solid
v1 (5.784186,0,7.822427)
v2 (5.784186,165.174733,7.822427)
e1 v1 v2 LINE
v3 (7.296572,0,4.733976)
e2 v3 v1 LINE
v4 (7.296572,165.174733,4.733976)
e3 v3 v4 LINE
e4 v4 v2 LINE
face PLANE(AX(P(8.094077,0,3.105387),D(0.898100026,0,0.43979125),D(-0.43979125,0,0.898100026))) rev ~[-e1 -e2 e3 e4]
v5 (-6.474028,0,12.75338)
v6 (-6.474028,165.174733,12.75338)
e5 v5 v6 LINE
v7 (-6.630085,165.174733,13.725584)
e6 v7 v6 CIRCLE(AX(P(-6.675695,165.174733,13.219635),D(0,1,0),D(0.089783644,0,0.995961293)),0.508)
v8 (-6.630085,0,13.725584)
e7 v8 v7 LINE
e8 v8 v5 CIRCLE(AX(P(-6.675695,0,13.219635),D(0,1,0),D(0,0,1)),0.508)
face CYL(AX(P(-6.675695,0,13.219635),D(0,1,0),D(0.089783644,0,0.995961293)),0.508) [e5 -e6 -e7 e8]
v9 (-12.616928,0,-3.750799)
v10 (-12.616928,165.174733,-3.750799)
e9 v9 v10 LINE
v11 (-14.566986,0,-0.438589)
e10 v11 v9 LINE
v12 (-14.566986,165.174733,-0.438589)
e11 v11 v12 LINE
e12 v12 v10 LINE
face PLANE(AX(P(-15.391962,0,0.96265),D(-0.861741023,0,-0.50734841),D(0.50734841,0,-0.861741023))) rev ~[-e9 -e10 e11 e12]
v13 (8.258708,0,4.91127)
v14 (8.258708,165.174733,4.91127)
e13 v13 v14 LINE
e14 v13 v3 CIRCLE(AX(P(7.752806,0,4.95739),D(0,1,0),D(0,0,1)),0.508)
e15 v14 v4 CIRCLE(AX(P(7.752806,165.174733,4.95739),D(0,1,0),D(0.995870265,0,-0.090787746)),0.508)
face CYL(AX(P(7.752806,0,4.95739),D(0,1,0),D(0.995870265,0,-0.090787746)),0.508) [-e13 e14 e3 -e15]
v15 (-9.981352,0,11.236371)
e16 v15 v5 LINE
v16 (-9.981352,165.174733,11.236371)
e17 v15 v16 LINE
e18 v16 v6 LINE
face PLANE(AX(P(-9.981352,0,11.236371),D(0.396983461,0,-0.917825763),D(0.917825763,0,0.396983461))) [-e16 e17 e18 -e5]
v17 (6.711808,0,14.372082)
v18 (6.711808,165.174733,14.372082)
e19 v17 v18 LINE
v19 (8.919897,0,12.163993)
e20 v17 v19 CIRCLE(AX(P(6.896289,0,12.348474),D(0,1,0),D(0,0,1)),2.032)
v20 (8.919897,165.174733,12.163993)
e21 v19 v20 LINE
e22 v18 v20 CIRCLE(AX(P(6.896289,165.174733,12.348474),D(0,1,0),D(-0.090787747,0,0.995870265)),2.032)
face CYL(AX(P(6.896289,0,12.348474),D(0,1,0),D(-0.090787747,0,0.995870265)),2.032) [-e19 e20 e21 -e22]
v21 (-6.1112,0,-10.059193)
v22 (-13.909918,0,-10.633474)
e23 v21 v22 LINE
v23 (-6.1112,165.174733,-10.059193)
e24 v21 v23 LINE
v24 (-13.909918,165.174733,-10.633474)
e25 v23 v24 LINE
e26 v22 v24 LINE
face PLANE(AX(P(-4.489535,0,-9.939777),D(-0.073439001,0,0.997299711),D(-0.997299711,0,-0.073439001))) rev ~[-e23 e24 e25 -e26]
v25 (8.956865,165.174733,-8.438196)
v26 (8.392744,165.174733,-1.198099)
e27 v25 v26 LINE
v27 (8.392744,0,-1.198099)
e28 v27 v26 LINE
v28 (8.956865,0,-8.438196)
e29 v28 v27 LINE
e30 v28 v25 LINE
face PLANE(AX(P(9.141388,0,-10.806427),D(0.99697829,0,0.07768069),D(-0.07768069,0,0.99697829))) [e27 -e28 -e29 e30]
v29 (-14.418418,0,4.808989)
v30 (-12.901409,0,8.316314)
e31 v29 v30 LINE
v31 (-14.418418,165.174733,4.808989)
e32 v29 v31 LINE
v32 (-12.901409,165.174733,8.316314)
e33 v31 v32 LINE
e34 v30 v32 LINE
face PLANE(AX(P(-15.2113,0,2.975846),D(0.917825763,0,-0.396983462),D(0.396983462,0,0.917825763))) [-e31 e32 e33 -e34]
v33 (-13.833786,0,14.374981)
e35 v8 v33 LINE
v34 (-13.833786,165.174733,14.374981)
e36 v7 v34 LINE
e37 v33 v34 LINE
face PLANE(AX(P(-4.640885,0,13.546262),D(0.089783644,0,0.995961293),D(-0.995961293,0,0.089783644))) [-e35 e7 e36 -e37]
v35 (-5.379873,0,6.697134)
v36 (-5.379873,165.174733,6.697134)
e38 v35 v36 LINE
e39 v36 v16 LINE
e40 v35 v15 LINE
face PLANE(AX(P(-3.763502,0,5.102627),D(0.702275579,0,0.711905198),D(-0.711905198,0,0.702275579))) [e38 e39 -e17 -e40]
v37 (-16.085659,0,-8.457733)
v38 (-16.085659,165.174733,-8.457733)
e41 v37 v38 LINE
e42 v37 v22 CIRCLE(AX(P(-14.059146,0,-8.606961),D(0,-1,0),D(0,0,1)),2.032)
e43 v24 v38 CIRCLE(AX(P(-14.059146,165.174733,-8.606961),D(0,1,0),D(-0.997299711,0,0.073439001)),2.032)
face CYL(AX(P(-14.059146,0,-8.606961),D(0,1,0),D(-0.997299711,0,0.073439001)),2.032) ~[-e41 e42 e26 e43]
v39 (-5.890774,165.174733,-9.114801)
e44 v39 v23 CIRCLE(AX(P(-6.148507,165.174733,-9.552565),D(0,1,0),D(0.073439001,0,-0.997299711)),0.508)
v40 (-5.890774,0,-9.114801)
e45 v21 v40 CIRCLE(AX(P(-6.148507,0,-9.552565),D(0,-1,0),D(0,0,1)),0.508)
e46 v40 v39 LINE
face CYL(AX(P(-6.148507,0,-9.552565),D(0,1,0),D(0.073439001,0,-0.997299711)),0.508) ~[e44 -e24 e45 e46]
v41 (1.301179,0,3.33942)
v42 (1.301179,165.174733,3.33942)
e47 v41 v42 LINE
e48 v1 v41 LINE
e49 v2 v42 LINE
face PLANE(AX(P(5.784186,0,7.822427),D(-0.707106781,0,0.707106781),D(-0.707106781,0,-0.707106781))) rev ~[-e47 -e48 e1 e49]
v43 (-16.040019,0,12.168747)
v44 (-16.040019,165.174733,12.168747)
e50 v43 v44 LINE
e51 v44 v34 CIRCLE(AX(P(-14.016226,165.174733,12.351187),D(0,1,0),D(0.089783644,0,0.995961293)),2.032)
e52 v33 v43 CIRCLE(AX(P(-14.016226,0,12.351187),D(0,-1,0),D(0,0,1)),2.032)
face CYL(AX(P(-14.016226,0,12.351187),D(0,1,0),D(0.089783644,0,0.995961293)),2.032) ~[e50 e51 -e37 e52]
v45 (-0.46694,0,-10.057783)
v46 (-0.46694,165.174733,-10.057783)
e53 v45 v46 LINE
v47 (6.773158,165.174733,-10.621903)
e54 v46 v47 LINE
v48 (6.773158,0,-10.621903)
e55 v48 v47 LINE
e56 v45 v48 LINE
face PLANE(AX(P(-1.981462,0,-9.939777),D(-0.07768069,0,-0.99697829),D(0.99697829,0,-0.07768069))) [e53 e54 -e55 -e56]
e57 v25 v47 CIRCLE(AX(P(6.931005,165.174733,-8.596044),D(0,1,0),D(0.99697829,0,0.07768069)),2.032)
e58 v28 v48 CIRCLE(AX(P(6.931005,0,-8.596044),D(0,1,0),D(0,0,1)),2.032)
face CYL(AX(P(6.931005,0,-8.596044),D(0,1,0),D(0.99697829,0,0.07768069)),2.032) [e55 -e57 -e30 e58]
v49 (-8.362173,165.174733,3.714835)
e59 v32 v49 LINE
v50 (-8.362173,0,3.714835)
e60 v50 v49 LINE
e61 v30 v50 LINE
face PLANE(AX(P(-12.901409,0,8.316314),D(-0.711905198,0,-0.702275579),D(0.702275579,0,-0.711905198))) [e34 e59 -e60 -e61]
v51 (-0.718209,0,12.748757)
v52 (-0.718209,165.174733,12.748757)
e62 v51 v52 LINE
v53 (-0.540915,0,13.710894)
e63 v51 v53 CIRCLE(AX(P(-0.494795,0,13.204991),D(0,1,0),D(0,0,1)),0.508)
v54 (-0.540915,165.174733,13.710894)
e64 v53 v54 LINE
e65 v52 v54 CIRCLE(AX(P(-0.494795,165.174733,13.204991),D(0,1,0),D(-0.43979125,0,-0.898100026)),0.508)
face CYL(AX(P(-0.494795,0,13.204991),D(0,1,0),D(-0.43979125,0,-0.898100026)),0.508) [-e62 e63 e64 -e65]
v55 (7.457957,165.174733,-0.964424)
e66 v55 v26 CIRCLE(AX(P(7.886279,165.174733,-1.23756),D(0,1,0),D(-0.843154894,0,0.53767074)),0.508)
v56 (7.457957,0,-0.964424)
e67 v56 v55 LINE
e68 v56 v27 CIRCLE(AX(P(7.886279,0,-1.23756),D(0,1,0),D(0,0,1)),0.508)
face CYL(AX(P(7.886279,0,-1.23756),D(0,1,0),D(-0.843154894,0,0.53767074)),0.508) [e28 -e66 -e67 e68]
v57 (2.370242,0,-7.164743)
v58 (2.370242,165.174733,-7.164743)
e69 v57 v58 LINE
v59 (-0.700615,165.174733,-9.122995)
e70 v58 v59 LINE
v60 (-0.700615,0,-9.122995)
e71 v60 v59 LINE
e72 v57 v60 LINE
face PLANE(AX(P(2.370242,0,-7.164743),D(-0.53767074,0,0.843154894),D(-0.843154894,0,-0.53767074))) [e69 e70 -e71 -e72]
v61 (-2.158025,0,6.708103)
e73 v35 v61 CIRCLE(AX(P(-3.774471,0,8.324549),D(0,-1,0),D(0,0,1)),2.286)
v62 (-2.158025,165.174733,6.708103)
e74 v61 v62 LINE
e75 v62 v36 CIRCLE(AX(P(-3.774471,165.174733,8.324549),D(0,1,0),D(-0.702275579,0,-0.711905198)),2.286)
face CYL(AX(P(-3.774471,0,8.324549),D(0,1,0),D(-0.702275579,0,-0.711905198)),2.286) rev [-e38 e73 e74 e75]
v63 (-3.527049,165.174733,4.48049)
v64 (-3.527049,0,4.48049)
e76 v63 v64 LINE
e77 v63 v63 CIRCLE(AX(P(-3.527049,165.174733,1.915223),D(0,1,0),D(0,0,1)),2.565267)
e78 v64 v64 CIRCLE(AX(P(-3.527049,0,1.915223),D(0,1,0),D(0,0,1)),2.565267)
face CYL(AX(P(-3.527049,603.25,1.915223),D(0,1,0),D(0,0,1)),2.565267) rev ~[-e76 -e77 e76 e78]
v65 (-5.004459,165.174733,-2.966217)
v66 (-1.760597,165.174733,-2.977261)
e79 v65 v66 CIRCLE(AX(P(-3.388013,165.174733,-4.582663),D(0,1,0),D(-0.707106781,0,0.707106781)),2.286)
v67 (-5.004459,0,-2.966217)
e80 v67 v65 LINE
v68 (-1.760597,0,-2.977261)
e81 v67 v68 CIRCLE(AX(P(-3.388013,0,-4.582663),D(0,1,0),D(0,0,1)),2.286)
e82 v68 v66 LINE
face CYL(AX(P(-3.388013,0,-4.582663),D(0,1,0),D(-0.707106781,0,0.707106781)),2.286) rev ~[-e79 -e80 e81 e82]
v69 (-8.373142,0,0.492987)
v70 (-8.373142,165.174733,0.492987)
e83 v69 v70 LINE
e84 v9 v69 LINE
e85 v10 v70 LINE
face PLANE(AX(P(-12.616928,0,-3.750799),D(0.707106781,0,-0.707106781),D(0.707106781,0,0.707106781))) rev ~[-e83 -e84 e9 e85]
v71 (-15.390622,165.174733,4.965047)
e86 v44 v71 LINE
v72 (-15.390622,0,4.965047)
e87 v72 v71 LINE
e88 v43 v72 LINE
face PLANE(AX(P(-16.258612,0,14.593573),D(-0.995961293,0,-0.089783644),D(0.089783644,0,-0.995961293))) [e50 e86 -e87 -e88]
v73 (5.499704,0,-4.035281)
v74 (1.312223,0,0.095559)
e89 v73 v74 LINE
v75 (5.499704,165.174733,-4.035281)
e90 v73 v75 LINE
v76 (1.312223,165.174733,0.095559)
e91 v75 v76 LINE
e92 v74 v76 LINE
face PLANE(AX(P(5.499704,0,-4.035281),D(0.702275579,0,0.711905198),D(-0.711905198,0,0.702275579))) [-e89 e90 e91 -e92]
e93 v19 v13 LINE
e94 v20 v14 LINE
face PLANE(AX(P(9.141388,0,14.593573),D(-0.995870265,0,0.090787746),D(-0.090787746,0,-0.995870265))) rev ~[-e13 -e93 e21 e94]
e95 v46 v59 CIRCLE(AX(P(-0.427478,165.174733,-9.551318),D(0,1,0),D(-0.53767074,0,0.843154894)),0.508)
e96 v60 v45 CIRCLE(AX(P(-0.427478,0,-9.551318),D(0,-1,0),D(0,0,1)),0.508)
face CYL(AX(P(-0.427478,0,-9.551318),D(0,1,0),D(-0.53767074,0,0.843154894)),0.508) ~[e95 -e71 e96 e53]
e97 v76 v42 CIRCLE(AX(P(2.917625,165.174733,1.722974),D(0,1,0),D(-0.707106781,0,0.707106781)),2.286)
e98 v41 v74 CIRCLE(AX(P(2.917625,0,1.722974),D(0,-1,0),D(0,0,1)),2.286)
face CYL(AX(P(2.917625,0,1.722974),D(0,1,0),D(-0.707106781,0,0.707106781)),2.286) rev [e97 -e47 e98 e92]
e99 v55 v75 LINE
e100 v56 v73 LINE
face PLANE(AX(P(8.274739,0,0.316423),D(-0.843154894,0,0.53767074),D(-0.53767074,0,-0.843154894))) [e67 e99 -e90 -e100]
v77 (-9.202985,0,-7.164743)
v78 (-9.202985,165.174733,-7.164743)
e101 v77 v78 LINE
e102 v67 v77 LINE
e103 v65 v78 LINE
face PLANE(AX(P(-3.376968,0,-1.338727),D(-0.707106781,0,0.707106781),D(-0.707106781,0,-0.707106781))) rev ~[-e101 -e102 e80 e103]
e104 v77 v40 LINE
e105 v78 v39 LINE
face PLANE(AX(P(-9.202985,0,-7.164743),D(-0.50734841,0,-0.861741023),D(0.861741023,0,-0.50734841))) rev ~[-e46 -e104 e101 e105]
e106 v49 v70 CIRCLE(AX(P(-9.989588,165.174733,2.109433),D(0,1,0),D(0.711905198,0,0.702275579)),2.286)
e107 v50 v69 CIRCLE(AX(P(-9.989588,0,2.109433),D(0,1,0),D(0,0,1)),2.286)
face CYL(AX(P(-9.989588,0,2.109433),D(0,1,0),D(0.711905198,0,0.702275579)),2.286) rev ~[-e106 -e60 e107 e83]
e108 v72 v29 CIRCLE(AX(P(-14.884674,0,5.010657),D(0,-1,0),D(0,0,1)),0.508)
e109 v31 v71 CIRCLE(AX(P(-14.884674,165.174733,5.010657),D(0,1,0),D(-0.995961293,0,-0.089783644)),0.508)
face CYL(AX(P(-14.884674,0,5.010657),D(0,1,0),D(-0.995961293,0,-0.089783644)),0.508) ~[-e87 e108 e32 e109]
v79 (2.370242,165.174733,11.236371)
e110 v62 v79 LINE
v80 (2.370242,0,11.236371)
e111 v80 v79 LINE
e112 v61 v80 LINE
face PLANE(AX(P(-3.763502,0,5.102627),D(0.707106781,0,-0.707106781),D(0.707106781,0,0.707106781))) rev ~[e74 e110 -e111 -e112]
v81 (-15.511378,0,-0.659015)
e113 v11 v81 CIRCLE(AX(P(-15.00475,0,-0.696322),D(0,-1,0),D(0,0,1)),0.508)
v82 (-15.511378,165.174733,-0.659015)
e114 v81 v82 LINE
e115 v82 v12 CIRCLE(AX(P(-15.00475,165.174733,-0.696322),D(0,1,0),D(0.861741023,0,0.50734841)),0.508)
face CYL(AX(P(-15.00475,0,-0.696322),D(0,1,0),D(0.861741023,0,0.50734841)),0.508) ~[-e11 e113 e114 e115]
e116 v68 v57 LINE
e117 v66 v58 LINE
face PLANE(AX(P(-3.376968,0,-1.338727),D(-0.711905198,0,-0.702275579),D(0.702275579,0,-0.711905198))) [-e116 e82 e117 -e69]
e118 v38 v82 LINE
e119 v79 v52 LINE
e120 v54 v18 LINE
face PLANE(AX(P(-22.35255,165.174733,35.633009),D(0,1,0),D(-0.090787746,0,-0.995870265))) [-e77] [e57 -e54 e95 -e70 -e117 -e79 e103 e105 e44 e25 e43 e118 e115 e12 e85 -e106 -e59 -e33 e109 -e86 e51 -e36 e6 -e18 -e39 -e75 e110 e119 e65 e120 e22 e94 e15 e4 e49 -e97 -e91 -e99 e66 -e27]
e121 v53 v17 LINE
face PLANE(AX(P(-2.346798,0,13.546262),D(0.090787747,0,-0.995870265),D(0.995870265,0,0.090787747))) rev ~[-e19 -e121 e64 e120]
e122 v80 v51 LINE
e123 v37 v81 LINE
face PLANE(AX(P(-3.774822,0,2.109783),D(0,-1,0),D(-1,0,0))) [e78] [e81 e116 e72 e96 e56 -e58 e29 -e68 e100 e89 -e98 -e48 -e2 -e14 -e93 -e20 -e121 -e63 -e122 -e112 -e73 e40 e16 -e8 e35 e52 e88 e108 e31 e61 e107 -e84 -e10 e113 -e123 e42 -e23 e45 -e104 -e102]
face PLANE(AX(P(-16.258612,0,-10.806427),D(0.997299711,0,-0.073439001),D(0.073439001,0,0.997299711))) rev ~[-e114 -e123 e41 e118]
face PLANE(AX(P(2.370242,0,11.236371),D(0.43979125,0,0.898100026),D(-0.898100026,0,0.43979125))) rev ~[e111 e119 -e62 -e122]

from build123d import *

# Parameters (mm, degrees)
BOSS_EXTRUDE1_DEPTH     = 603.25
SKETCH8_R               = 2.565266714
CUT_EXTRUDE4_DEPTH      = 604.996
FILLET1_R               = 2.032
FILLET2_R               = 0.508
SKETCH5_W               = 12.655737404
SKETCH5_H               = 275.477439744
BOSS_EXTRUDE3_DEPTH     = 4.572
SKETCH6_R               = 4.617709461
SKETCH6_R_2             = 4.503643825
SKETCH6_R_3             = 4.621904919
SKETCH6_R_4             = 4.672748293
SKETCH6_R_5             = 4.615964847
CUT_EXTRUDE2_DEPTH      = 4.572
SKETCH7_R               = 4.54487388
SKETCH7_R_2             = 4.672668652
CUT_EXTRUDE3_DEPTH      = 4.572
FILLET3_R               = 2.286
CUT_EXTRUDE6_DEPTH      = 10.922
CUT_EXTRUDE6_DEPTH_BACK = 38.354
SKETCH9_W               = 60.400846089
SKETCH9_H               = 376.70446786
CUT_EXTRUDE7_DEPTH      = 11.938
CUT_EXTRUDE7_DEPTH_BACK = 33.274
SKETCH10_W              = 57.705662998
SKETCH10_H              = 86.678631682


with BuildPart() as part:
    # Sketch2 → Boss-Extrude1 (new body)
    with BuildSketch(Plane(origin=(0, 0, 0), x_dir=(1, 0, 0), z_dir=(0, 1, 0))):
        Polygon((-16.258611825, -14.593573265), (-15.211300169, -2.97584616), (-12.901409331, -8.316313776), (2.370242199, 7.164742979), (-1.981461576, 9.939777323), (9.141388175, 10.806426735), (8.274738763, -0.316423015), (5.499704418, 4.03528076), (-9.981352337, -11.236370771), (-4.640884721, -13.546261608), align=None)
        Polygon((-15.391962413, -0.962649654), (-12.616928069, 3.750799497), (2.370242199, -11.236370771), (-2.346798037, -13.546261608), (9.141388175, -14.593573265), (8.094076519, -3.105387053), (5.784185681, -7.822427289), (-9.202984587, 7.164742979), (-4.489535436, 9.939777323), (-16.258611825, 10.806426735), align=None)
    extrude(amount=BOSS_EXTRUDE1_DEPTH)

    # Sketch8 → Cut-Extrude4 (cut)
    with BuildSketch(Plane(origin=(0, 603.25, 0), x_dir=(1, 0, 0), z_dir=(0, 1, 0))):
        with Locations(Location((-3.527048706, -1.915222876, 0), (0, 0, 270))):
            Circle(SKETCH8_R)
    extrude(amount=-CUT_EXTRUDE4_DEPTH, mode=Mode.SUBTRACT)

    # Fillet1
    fillet1_edges = [part.edges().sort_by_distance(p)[0] for p in [
        (9.141388175, 301.625, -10.806426735),
        (9.141388175, 301.625, 14.593573265),
        (-16.258611825, 301.625, 14.593573265),
        (-16.258611825, 301.625, -10.806426735),
    ]]
    fillet(fillet1_edges, radius=FILLET1_R)

    # Fillet2
    fillet2_edges = [part.edges().sort_by_distance(p)[0] for p in [
        (-1.981461576, 301.625, -9.939777323),
        (8.274738763, 301.625, 0.316423015),
        (8.094076519, 301.625, 3.105387053),
        (-2.346798037, 301.625, 13.546261608),
        (-4.640884721, 301.625, 13.546261608),
        (-15.211300169, 301.625, 2.97584616),
        (-15.391962413, 301.625, 0.962649654),
        (-4.489535436, 301.625, -9.939777323),
    ]]
    fillet(fillet2_edges, radius=FILLET2_R)

    # Sketch5 → Boss-Extrude3 (add)
    with BuildSketch(Plane(origin=(-0.781752329, 0, -10.033254025), x_dir=(-0.9969782897972478, 0, 0.07768069047681715), z_dir=(-0.07768069047681715, 0, -0.9969782897972478))):
        with Locations((2.46042797, 432.716085527)):
            Rectangle(SKETCH5_W, SKETCH5_H)
    extrude(amount=BOSS_EXTRUDE3_DEPTH)

    # Sketch6 → Cut-Extrude2 (cut)
    with BuildSketch(Plane(origin=(-1.136908446, 0, -14.591438766), x_dir=(-0.9969782897972478, 0, 0.07768069047681722), z_dir=(-0.07768069047681722, 0, -0.9969782897972478))):
        with Locations((2.46042797, 545.232588529)):
            Circle(SKETCH6_R)
        with Locations((2.46042797, 513.854170907)):
            Circle(SKETCH6_R_2)
        with Locations((2.46042797, 479.255100803)):
            Circle(SKETCH6_R_3)
        with Locations((2.46042797, 446.301604006)):
            Circle(SKETCH6_R_4)
        with Locations((2.46042797, 414.342225806)):
            Circle(SKETCH6_R_5)
    extrude(amount=-CUT_EXTRUDE2_DEPTH, mode=Mode.SUBTRACT)

    # Sketch7 → Cut-Extrude3 (cut)
    with BuildSketch(Plane(origin=(-1.136908446, 0, -14.591438766), x_dir=(-0.9969782897972478, 0, 0.07768069047681712), z_dir=(-0.07768069047681712, 0, -0.9969782897972478))):
        with Locations((2.610241648, 377.377881706)):
            Circle(SKETCH7_R)
        with Locations((2.157369038, 338.135767483)):
            Circle(SKETCH7_R_2)
    extrude(amount=-CUT_EXTRUDE3_DEPTH, mode=Mode.SUBTRACT)

    # Fillet3
    fillet3_edges = [part.edges().sort_by_distance(p)[0] for p in [
        (-0.326311914, 301.625, 1.711929695),
        (-6.767665082, 301.625, 2.09846349),
        (-3.376968255, 301.625, -1.338726647),
        (-3.76350205, 301.625, 5.102626521),
    ]]
    fillet(fillet3_edges, radius=FILLET3_R)

    # Sketch9 → Cut-Extrude6 (cut, two sides: drawn at the far end of the back side and taken through both)
    with BuildSketch(Plane(origin=(-14.822577076, 0, -1.336221587), x_dir=(-0.08978364374222932, 0, 0.995961293081397), z_dir=(-0.9959612930813971, 0, -0.08978364374222933)).offset(-CUT_EXTRUDE6_DEPTH_BACK)):
        with Locations((4.674775329, 432.715581258)):
            Rectangle(SKETCH9_W, SKETCH9_H)
    extrude(amount=CUT_EXTRUDE6_DEPTH + CUT_EXTRUDE6_DEPTH_BACK, mode=Mode.SUBTRACT)

    # Sketch10 → Cut-Extrude7 (cut, two sides: drawn at the far end of the back side and taken through both)
    with BuildSketch(Plane(origin=(7.74659499, 0, -0.706212372), x_dir=(-0.09078774644161682, 0, -0.9958702651932394), z_dir=(0.9958702651932394, 0, -0.09078774644161682)).offset(-CUT_EXTRUDE7_DEPTH_BACK)):
        with Locations((-4.603685072, 208.51404869)):
            Rectangle(SKETCH10_W, SKETCH10_H)
    extrude(amount=CUT_EXTRUDE7_DEPTH + CUT_EXTRUDE7_DEPTH_BACK, mode=Mode.SUBTRACT)


solid = part.part
